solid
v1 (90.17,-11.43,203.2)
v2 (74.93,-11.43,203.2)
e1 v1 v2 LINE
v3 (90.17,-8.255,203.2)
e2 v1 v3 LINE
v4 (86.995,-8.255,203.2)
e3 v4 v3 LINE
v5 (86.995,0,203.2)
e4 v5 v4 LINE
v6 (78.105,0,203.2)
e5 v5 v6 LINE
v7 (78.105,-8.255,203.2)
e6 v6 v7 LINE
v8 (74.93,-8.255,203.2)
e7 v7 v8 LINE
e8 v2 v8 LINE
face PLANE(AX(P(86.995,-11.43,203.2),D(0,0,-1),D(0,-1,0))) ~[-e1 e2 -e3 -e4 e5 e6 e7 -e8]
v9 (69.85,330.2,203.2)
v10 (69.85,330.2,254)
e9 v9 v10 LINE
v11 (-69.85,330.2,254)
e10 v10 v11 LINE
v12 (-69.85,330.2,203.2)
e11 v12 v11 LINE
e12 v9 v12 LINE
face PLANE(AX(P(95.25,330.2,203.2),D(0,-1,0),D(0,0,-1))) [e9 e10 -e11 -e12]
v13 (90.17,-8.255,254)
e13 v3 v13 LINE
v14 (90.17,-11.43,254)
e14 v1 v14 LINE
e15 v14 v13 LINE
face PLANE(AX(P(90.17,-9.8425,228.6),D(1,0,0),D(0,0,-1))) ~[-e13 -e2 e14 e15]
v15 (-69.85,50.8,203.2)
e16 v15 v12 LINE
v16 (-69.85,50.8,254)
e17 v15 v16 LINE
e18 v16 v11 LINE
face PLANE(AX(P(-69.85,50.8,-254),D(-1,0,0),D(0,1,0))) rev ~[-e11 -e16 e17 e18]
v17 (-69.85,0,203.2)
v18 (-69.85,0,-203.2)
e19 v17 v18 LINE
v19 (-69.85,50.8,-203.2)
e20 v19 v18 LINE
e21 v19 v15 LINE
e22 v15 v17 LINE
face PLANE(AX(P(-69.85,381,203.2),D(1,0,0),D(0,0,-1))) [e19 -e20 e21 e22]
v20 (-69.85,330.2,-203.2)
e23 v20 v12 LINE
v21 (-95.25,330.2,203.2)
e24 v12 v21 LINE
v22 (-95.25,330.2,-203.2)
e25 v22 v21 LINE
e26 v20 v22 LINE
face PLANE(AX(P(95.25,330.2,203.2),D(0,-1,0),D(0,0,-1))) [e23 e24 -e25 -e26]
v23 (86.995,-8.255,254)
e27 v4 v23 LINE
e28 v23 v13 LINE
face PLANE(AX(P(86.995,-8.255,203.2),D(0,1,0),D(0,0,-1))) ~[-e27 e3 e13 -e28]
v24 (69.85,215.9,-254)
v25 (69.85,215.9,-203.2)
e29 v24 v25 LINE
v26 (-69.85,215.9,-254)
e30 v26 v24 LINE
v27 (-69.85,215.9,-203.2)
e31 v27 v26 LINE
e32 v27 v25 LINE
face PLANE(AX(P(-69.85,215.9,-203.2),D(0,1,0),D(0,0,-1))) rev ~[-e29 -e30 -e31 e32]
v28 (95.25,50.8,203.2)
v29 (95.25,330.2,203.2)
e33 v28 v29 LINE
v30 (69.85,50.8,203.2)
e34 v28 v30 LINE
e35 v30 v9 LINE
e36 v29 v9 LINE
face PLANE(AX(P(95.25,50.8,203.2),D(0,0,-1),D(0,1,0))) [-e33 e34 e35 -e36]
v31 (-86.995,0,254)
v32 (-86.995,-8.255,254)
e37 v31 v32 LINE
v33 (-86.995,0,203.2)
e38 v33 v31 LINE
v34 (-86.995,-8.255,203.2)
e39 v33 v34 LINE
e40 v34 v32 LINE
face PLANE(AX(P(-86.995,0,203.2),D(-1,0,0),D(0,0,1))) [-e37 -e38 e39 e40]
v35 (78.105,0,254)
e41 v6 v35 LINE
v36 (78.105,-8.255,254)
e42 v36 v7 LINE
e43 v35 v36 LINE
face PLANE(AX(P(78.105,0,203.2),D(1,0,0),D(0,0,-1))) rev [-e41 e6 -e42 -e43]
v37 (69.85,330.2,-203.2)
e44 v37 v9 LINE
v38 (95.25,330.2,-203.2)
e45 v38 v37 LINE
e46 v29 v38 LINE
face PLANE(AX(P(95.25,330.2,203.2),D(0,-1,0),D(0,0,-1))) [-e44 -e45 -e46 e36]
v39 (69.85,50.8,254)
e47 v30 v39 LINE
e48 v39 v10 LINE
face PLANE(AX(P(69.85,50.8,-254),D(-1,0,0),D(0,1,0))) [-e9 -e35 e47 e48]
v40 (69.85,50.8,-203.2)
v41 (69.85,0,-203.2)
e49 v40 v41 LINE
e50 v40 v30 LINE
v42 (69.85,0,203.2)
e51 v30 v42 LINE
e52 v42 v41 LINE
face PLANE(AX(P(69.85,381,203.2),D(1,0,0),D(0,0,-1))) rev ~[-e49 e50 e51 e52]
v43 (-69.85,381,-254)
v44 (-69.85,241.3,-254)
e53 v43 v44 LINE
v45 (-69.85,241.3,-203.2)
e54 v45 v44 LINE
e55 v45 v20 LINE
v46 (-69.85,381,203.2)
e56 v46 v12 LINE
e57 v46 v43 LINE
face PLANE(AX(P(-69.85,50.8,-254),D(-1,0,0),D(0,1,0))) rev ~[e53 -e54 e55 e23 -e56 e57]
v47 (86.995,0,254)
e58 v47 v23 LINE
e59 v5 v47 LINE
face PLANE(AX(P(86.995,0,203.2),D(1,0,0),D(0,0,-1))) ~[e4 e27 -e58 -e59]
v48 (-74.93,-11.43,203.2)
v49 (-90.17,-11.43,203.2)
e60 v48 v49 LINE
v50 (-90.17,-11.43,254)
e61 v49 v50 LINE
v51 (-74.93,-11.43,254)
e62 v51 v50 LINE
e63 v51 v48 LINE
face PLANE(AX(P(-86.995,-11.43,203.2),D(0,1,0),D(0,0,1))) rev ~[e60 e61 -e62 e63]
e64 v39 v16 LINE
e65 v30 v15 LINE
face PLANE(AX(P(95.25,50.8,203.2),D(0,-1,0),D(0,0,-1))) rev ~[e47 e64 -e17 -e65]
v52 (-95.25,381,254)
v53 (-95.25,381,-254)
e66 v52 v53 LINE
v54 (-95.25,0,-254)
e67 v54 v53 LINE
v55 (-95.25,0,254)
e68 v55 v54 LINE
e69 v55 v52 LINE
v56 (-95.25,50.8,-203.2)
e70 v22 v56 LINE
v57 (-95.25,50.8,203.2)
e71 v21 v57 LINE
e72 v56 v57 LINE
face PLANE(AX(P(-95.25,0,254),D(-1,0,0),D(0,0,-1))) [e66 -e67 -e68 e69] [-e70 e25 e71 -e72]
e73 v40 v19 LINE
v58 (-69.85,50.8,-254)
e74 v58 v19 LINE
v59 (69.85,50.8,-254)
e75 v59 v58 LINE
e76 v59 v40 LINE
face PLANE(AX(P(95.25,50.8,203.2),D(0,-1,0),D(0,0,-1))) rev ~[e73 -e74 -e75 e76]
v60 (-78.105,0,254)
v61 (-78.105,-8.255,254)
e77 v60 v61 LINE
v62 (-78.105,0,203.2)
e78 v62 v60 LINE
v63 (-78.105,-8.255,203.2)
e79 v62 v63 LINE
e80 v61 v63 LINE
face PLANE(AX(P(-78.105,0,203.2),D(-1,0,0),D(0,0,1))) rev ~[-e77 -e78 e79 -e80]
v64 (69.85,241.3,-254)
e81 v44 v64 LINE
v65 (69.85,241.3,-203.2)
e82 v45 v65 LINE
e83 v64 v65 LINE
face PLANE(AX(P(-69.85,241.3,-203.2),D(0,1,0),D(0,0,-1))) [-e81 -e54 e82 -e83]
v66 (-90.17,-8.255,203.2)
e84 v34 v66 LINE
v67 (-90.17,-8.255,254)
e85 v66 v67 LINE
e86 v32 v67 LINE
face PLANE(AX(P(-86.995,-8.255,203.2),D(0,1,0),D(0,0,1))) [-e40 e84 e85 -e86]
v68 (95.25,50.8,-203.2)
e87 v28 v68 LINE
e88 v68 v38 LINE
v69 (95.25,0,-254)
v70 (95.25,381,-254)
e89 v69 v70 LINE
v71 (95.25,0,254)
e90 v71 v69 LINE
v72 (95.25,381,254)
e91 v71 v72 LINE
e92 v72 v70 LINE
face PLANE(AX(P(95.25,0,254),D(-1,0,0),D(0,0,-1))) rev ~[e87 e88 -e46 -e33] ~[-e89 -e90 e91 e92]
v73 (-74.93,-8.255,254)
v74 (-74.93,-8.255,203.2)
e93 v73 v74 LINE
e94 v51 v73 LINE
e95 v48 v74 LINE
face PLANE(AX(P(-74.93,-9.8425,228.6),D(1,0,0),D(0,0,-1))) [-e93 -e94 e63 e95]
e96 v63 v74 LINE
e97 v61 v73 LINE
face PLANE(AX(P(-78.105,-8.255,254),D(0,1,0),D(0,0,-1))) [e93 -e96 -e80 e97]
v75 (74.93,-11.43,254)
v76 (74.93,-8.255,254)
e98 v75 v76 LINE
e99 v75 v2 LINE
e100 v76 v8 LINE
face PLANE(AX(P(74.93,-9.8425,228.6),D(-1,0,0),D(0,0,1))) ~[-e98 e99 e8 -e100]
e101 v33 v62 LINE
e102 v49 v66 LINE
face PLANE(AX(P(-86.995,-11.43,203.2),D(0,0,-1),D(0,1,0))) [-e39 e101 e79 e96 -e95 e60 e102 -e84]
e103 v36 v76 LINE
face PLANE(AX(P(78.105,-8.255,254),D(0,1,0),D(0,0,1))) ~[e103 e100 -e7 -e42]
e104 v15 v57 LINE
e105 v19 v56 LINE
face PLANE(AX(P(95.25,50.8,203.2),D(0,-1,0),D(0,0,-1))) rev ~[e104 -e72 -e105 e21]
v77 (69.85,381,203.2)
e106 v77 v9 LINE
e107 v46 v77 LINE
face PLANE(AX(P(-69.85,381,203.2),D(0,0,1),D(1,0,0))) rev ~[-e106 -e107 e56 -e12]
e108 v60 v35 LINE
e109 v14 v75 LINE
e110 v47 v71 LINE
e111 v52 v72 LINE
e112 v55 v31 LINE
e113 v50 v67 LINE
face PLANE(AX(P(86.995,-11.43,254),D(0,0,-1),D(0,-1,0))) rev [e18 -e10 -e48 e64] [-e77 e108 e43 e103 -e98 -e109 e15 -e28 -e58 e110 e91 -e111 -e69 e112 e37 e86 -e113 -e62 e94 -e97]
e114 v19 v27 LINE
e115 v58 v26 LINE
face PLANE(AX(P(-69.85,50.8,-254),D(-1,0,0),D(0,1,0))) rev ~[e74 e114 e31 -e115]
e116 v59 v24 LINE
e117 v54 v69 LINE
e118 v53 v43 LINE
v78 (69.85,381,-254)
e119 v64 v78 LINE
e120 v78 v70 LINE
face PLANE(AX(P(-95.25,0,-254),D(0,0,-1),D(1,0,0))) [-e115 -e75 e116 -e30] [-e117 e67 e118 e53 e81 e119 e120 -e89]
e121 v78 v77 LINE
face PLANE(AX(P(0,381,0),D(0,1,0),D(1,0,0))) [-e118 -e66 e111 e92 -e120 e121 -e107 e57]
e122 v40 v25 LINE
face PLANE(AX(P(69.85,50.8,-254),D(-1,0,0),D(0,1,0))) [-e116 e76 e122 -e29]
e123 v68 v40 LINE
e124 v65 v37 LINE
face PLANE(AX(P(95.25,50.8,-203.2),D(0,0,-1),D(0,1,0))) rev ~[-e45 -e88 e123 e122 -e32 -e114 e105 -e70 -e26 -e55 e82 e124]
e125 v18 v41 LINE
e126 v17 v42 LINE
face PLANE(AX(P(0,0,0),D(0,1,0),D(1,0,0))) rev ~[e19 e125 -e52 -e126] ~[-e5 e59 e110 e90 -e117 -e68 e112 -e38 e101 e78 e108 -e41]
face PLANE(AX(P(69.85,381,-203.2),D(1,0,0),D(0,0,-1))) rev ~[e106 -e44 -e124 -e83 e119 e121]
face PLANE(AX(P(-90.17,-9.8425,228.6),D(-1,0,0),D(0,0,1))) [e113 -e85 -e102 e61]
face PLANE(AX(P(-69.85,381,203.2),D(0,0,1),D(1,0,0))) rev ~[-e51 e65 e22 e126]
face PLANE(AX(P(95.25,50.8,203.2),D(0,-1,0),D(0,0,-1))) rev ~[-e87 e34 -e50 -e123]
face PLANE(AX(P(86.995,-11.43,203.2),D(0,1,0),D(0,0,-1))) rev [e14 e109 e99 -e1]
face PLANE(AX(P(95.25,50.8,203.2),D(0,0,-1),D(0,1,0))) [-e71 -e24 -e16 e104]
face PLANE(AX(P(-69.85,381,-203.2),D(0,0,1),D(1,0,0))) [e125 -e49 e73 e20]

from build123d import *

# Parameters (mm, degrees)
SKETCH3_W           = 190.5
SKETCH3_H           = 508
BOSS_EXTRUDE1_DEPTH = 381
SKETCH4_W           = 406.4
SKETCH4_H           = 279.4
CUT_EXTRUDE1_DEPTH  = 381
SKETCH5_W           = 139.7
SKETCH5_H           = 279.4
CUT_EXTRUDE2_DEPTH  = 924.052
SKETCH6_W           = 139.7
SKETCH6_H           = 406.4
CUT_EXTRUDE3_DEPTH  = 924.052
SKETCH7_W           = 8.89
SKETCH7_H           = 50.8
BOSS_EXTRUDE2_DEPTH = 11.43
SKETCH8_W           = 50.8
SKETCH8_H           = 3.175
BOSS_EXTRUDE3_DEPTH = 3.175
SKETCH9_W           = 50.8
SKETCH9_H           = 3.175
BOSS_EXTRUDE4_DEPTH = 3.175
BOSS_EXTRUDE6_REACH = 488.76
SKETCH11_W          = 50.8
SKETCH11_H          = 25.4
CUT_EXTRUDE4_REACH  = 479.064
SKETCH12_W          = 139.7
SKETCH12_H          = 50.8


with BuildPart() as part:
    # Sketch3 → Boss-Extrude1 (new body)
    with BuildSketch(Plane(origin=(0, 0, 0), x_dir=(1, 0, 0), z_dir=(0, 1, 0))):
        Rectangle(SKETCH3_W, SKETCH3_H)
    extrude(amount=BOSS_EXTRUDE1_DEPTH)

    # Sketch4 → Cut-Extrude1 (cut)
    with BuildSketch(Plane(origin=(95.25, 0, 0), x_dir=(0, 0, -1), z_dir=(1, 0, 0))):
        with Locations((0, 190.5)):
            Rectangle(SKETCH4_W, SKETCH4_H)
    extrude(amount=-CUT_EXTRUDE1_DEPTH, mode=Mode.SUBTRACT)

    # Sketch5 → Cut-Extrude2 (cut)
    with BuildSketch(Plane(origin=(0, 0, -254), x_dir=(-1, 0, 0), z_dir=(0, 0, -1))):
        with Locations((0, 190.5)):
            Rectangle(SKETCH5_W, SKETCH5_H)
    extrude(amount=-CUT_EXTRUDE2_DEPTH, mode=Mode.SUBTRACT)

    # Sketch6 → Cut-Extrude3 (cut)
    with BuildSketch(Plane(origin=(0, 381, 0), x_dir=(1, 0, 0), z_dir=(0, 1, 0))):
        Rectangle(SKETCH6_W, SKETCH6_H)
    extrude(amount=-CUT_EXTRUDE3_DEPTH, mode=Mode.SUBTRACT)

    # Sketch7 → Boss-Extrude2 (add)
    with BuildSketch(Plane.XZ):
        with Locations((-82.55, 228.6)):
            Rectangle(SKETCH7_W, SKETCH7_H)
    boss_extrude2 = extrude(amount=BOSS_EXTRUDE2_DEPTH)

    # Sketch8 → Boss-Extrude3 (add)
    with BuildSketch(Plane(origin=(-78.105, 0, 0), x_dir=(0, 0, -1), z_dir=(1, 0, 0))):
        with Locations((-228.6, -9.8425)):
            Rectangle(SKETCH8_W, SKETCH8_H)
    boss_extrude3 = extrude(amount=BOSS_EXTRUDE3_DEPTH)

    # Sketch9 → Boss-Extrude4 (add)
    with BuildSketch(Plane.ZY.offset(86.995)):
        with Locations((228.6, -9.8425)):
            Rectangle(SKETCH9_W, SKETCH9_H)
    boss_extrude4 = extrude(amount=BOSS_EXTRUDE4_DEPTH)

    # Mirror1: Boss-Extrude2, Boss-Extrude3, Boss-Extrude4 across plane
    add(boss_extrude2.mirror(Plane(origin=(0, 0, 0), x_dir=(0, 0, 1), z_dir=(1, 0, 0))))
    add(boss_extrude3.mirror(Plane(origin=(0, 0, 0), x_dir=(0, 0, 1), z_dir=(1, 0, 0))))
    add(boss_extrude4.mirror(Plane(origin=(0, 0, 0), x_dir=(0, 0, 1), z_dir=(1, 0, 0))))

    # Sketch11 → Boss-Extrude6 (add, up to next)
    with BuildSketch(Plane(origin=(-69.85, 0, 0), x_dir=(0, 0, -1), z_dir=(1, 0, 0)), mode=Mode.PRIVATE) as boss_extrude6_sk1:
        with Locations((228.6, 228.6)):
            Rectangle(SKETCH11_W, SKETCH11_H)
    boss_extrude6_tool1 = extrude(boss_extrude6_sk1.sketch, amount=BOSS_EXTRUDE6_REACH, mode=Mode.PRIVATE) - part.part
    add(boss_extrude6_tool1.solids().sort_by_distance((-69.85, 228.6, -228.6))[0])

    # Sketch12 → Cut-Extrude4 (cut, up to next)
    with BuildSketch(Plane(origin=(0, 381, 0), x_dir=(1, 0, 0), z_dir=(0, 1, 0)), mode=Mode.PRIVATE) as cut_extrude4_sk1:
        with Locations((0, 228.6)):
            Rectangle(SKETCH12_W, SKETCH12_H)
    cut_extrude4_tool1 = extrude(cut_extrude4_sk1.sketch, amount=-CUT_EXTRUDE4_REACH, mode=Mode.PRIVATE) & part.part
    add(cut_extrude4_tool1.solids().sort_by_distance((0, 381, -228.6))[0], mode=Mode.SUBTRACT)


solid = part.part
